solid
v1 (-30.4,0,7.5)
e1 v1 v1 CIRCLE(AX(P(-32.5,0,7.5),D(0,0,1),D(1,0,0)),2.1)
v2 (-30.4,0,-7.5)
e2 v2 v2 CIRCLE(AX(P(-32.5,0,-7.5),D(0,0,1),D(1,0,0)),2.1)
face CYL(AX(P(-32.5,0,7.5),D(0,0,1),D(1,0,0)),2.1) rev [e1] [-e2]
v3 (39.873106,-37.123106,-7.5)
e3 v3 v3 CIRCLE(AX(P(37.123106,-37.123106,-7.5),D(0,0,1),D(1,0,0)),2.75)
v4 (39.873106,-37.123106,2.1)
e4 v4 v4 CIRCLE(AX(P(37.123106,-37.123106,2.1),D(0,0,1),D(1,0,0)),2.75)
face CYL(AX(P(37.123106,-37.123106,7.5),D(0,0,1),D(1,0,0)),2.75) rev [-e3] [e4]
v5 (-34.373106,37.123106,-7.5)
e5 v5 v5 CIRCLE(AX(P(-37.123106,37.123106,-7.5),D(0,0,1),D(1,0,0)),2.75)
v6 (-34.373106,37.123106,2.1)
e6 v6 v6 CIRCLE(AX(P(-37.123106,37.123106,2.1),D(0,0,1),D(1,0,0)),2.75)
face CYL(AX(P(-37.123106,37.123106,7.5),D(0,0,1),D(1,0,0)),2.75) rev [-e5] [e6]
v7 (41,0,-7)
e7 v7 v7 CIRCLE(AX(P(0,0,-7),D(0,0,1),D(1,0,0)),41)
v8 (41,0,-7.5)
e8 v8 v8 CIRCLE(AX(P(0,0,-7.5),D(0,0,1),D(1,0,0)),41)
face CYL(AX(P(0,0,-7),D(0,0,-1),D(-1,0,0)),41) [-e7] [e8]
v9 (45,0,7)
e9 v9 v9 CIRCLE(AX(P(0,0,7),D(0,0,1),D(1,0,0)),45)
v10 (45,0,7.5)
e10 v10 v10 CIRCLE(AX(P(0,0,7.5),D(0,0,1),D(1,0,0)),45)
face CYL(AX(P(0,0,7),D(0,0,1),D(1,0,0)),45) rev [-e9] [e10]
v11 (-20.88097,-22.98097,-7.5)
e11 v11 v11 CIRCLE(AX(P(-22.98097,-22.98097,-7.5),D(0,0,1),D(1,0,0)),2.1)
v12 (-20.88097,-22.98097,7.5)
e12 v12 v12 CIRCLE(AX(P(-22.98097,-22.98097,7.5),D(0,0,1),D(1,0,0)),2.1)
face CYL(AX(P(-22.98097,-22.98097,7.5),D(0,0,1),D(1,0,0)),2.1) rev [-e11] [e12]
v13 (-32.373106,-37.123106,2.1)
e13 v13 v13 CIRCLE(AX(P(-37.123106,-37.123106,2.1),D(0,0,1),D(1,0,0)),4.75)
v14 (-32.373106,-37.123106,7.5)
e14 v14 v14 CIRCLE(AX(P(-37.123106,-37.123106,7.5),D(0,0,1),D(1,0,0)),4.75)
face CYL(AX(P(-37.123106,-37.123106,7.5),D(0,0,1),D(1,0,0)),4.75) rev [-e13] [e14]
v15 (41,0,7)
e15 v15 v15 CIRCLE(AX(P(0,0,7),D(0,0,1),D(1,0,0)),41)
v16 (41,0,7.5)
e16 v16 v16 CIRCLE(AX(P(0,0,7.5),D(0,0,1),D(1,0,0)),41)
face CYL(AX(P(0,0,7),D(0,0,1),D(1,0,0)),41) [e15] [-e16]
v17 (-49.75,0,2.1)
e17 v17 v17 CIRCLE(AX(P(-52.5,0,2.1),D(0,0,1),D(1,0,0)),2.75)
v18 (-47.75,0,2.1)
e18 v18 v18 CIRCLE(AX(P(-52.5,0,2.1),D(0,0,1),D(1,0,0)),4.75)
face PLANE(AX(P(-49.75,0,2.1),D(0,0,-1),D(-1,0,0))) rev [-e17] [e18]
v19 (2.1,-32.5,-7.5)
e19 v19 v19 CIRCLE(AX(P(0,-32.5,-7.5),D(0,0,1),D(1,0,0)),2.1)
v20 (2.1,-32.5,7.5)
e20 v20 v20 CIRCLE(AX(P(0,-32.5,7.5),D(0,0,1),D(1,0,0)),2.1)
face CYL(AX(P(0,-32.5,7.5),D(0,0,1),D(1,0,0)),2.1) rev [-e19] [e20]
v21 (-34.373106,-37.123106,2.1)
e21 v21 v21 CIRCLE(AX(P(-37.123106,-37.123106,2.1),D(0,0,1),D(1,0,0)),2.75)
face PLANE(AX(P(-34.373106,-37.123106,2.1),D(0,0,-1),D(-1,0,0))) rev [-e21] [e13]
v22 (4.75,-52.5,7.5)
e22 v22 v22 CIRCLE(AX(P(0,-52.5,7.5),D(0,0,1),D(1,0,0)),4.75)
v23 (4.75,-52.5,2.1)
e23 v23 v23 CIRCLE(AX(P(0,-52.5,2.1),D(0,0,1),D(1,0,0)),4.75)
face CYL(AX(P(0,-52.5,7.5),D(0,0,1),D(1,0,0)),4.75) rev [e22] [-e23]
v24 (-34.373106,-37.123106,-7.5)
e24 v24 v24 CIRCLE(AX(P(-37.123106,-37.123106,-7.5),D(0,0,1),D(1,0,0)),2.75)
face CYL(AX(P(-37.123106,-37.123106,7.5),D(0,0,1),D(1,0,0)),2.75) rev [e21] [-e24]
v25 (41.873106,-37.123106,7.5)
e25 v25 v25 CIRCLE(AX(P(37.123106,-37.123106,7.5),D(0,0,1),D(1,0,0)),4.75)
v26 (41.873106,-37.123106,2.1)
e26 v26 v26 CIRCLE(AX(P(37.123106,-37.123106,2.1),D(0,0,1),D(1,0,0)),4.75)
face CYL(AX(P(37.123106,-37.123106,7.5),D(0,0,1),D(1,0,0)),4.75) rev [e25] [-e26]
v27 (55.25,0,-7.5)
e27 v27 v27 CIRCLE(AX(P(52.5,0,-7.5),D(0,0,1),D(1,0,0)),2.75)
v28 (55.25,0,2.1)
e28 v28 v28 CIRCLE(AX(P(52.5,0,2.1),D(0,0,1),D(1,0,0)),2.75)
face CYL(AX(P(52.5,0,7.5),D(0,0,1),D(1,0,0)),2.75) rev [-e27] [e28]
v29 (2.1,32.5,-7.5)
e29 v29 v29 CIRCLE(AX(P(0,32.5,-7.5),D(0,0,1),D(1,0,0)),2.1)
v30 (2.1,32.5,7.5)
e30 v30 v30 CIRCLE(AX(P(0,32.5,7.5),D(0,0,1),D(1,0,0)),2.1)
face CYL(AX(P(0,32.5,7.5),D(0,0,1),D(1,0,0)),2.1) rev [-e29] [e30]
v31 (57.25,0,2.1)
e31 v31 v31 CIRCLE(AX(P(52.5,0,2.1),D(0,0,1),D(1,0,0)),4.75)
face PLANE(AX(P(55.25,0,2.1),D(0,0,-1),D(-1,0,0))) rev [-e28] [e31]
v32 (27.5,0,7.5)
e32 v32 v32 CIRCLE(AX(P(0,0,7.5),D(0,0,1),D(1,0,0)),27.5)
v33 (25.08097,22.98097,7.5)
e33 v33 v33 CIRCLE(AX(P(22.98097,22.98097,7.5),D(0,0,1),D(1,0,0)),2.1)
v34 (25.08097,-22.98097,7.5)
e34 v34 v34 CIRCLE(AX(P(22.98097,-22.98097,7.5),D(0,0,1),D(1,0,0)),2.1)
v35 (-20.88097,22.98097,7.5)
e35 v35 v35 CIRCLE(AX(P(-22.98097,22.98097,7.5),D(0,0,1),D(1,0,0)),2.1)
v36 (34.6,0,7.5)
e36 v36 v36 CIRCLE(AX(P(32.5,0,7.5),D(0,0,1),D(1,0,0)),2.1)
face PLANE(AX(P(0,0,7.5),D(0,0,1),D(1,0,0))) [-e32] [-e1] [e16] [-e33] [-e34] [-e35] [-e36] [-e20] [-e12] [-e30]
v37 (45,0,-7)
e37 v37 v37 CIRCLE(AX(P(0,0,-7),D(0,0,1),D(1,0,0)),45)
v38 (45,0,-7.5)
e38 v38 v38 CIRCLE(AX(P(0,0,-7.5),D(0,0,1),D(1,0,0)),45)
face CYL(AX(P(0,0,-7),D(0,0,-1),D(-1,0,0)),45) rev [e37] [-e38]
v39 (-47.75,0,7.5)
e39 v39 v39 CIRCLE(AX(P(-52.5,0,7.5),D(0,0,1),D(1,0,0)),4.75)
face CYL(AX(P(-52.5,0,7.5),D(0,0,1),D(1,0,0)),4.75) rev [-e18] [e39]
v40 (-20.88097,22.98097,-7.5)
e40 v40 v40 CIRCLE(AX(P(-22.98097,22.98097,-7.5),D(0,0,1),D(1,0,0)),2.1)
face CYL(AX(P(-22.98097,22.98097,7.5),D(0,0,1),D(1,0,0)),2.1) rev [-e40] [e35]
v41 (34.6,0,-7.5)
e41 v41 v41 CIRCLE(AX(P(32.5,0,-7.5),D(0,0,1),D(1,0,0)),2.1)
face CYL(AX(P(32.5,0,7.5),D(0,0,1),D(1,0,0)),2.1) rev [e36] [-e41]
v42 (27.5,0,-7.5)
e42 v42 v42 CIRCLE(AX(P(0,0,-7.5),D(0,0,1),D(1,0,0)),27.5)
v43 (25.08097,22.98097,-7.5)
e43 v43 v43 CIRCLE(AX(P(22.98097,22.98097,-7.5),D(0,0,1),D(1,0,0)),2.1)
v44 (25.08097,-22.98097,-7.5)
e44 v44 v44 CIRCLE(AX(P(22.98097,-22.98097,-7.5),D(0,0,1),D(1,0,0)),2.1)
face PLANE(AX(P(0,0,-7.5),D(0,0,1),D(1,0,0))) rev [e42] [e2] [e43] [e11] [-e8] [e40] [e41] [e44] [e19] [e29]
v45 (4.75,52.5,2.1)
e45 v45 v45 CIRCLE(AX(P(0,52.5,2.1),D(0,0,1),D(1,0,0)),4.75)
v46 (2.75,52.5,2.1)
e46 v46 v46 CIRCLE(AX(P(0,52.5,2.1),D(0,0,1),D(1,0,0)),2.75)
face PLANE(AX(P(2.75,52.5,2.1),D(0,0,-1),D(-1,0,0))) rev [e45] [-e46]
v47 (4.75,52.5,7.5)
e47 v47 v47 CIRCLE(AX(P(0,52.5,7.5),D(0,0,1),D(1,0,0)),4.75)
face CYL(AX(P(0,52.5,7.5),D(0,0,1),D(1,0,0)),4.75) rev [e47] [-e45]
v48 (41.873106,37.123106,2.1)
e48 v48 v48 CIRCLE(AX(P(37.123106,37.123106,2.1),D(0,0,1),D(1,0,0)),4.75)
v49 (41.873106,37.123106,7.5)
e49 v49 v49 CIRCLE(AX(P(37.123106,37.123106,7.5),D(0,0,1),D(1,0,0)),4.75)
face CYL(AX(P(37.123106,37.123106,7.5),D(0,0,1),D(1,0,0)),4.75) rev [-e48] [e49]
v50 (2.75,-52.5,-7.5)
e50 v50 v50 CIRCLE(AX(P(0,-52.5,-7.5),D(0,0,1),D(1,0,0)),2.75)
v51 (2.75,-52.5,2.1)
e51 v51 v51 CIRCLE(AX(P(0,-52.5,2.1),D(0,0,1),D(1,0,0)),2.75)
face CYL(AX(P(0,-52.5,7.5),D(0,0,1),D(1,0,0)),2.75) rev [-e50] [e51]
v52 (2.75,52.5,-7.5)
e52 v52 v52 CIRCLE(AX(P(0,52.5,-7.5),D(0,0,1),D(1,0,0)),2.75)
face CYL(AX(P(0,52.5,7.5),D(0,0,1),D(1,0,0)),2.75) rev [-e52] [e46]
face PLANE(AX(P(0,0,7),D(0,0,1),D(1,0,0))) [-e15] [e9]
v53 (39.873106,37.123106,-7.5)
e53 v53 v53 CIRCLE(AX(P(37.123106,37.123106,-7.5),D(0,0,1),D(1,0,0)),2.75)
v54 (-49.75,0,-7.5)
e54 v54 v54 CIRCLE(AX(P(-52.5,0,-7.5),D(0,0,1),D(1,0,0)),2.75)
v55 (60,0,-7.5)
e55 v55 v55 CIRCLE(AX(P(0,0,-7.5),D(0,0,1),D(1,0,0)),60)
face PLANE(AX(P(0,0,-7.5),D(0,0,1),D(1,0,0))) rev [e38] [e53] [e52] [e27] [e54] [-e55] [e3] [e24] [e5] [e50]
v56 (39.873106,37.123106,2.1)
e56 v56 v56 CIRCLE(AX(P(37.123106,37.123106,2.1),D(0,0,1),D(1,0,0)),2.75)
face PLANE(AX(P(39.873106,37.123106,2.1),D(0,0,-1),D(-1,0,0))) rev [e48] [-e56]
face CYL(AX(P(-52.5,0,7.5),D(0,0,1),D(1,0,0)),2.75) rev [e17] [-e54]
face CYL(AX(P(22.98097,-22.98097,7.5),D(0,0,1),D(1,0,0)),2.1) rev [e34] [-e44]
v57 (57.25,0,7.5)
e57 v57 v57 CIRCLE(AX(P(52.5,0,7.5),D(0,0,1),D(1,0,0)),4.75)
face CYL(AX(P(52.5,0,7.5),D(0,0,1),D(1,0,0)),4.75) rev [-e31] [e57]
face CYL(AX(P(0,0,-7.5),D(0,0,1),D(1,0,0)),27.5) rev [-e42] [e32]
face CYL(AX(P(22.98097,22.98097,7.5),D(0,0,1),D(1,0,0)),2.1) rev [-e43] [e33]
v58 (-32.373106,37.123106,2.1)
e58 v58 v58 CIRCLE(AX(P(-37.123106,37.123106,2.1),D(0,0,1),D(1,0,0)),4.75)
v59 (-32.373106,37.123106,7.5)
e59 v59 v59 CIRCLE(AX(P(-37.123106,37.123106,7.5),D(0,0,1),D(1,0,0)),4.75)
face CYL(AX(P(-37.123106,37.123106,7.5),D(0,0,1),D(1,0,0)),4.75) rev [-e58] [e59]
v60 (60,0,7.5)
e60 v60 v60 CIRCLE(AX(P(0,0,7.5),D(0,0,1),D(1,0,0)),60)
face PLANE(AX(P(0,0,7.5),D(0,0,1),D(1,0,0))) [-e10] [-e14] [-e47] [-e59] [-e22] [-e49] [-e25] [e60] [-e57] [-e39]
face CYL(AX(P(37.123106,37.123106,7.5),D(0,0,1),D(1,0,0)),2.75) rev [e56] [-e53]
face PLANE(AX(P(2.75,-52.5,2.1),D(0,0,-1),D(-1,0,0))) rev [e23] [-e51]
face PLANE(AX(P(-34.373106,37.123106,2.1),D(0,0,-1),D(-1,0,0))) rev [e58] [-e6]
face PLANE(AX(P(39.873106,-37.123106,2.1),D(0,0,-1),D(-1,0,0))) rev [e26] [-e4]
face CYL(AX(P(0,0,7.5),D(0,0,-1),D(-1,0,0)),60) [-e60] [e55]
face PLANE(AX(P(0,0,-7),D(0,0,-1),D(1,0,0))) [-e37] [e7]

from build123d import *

# Parameters (mm, degrees)
SKETCH_1_R                   = 60
EXTRUDE_1_DEPTH              = 7.5
SKETCH_2_R                   = 27.5
CUT_EXTRUDE_1_DEPTH          = 16
SKETCH_3_R                   = 45
SKETCH_3_R_2                 = 41
CUT_EXTRUDE_2_DEPTH          = 0.5
HOLE_WIZARD_M5_1_D           = 5.5
HOLE_WIZARD_M5_1_CBORE_D     = 9.5
HOLE_WIZARD_M5_1_CBORE_DEPTH = 5.4
M5X0_8_1_D                   = 4.2
PATTERN_CIRCULAR_1_COUNT     = 8


with BuildPart() as part:
    # 草圖1 → 填料-伸長1 (new body, symmetric)
    with BuildSketch(Plane.XY):
        Circle(SKETCH_1_R)
    extrude(amount=EXTRUDE_1_DEPTH, both=True)

    # 草圖2 → 除料-伸長1 (cut, through all)
    with BuildSketch(Plane.XY.offset(7.5)):
        Circle(SKETCH_2_R)
    extrude(amount=-CUT_EXTRUDE_1_DEPTH, mode=Mode.SUBTRACT)

    # 草圖3 → 除料-伸長2 (cut)
    with BuildSketch(Plane.XY.offset(7.5)):
        Circle(SKETCH_3_R)
        Circle(SKETCH_3_R_2, mode=Mode.SUBTRACT)
    cut_extrude_2 = extrude(amount=-CUT_EXTRUDE_2_DEPTH, mode=Mode.SUBTRACT)

    # 鏡射1: 除料-伸長2 across plane
    add(cut_extrude_2.mirror(Plane.XY), mode=Mode.SUBTRACT)

    # M5 凹頭蓋螺釘的柱孔1 (through all)
    with Locations(Plane.XY.offset(7.5)):
        with Locations((0, 52.5)):
            hole_wizard_m5_1 = CounterBoreHole(HOLE_WIZARD_M5_1_D / 2, HOLE_WIZARD_M5_1_CBORE_D / 2, HOLE_WIZARD_M5_1_CBORE_DEPTH)

    # M5x0.8 螺紋孔1 (through all)
    with Locations(Plane.XY.offset(7.5)):
        with Locations((0, 32.5)):
            m5x0_8_1 = Hole(M5X0_8_1_D / 2)

    # 環狀複製排列1: M5 凹頭蓋螺釘的柱孔1, M5x0.8 螺紋孔1 ×8 about axis
    pattern_circular_1_axis = Axis((0, 0, 0), (0, 0, 1))
    for i in range(1, PATTERN_CIRCULAR_1_COUNT):
        add(hole_wizard_m5_1.rotate(pattern_circular_1_axis, i * 360 / PATTERN_CIRCULAR_1_COUNT), mode=Mode.SUBTRACT)
        add(m5x0_8_1.rotate(pattern_circular_1_axis, i * 360 / PATTERN_CIRCULAR_1_COUNT), mode=Mode.SUBTRACT)


solid = part.part
